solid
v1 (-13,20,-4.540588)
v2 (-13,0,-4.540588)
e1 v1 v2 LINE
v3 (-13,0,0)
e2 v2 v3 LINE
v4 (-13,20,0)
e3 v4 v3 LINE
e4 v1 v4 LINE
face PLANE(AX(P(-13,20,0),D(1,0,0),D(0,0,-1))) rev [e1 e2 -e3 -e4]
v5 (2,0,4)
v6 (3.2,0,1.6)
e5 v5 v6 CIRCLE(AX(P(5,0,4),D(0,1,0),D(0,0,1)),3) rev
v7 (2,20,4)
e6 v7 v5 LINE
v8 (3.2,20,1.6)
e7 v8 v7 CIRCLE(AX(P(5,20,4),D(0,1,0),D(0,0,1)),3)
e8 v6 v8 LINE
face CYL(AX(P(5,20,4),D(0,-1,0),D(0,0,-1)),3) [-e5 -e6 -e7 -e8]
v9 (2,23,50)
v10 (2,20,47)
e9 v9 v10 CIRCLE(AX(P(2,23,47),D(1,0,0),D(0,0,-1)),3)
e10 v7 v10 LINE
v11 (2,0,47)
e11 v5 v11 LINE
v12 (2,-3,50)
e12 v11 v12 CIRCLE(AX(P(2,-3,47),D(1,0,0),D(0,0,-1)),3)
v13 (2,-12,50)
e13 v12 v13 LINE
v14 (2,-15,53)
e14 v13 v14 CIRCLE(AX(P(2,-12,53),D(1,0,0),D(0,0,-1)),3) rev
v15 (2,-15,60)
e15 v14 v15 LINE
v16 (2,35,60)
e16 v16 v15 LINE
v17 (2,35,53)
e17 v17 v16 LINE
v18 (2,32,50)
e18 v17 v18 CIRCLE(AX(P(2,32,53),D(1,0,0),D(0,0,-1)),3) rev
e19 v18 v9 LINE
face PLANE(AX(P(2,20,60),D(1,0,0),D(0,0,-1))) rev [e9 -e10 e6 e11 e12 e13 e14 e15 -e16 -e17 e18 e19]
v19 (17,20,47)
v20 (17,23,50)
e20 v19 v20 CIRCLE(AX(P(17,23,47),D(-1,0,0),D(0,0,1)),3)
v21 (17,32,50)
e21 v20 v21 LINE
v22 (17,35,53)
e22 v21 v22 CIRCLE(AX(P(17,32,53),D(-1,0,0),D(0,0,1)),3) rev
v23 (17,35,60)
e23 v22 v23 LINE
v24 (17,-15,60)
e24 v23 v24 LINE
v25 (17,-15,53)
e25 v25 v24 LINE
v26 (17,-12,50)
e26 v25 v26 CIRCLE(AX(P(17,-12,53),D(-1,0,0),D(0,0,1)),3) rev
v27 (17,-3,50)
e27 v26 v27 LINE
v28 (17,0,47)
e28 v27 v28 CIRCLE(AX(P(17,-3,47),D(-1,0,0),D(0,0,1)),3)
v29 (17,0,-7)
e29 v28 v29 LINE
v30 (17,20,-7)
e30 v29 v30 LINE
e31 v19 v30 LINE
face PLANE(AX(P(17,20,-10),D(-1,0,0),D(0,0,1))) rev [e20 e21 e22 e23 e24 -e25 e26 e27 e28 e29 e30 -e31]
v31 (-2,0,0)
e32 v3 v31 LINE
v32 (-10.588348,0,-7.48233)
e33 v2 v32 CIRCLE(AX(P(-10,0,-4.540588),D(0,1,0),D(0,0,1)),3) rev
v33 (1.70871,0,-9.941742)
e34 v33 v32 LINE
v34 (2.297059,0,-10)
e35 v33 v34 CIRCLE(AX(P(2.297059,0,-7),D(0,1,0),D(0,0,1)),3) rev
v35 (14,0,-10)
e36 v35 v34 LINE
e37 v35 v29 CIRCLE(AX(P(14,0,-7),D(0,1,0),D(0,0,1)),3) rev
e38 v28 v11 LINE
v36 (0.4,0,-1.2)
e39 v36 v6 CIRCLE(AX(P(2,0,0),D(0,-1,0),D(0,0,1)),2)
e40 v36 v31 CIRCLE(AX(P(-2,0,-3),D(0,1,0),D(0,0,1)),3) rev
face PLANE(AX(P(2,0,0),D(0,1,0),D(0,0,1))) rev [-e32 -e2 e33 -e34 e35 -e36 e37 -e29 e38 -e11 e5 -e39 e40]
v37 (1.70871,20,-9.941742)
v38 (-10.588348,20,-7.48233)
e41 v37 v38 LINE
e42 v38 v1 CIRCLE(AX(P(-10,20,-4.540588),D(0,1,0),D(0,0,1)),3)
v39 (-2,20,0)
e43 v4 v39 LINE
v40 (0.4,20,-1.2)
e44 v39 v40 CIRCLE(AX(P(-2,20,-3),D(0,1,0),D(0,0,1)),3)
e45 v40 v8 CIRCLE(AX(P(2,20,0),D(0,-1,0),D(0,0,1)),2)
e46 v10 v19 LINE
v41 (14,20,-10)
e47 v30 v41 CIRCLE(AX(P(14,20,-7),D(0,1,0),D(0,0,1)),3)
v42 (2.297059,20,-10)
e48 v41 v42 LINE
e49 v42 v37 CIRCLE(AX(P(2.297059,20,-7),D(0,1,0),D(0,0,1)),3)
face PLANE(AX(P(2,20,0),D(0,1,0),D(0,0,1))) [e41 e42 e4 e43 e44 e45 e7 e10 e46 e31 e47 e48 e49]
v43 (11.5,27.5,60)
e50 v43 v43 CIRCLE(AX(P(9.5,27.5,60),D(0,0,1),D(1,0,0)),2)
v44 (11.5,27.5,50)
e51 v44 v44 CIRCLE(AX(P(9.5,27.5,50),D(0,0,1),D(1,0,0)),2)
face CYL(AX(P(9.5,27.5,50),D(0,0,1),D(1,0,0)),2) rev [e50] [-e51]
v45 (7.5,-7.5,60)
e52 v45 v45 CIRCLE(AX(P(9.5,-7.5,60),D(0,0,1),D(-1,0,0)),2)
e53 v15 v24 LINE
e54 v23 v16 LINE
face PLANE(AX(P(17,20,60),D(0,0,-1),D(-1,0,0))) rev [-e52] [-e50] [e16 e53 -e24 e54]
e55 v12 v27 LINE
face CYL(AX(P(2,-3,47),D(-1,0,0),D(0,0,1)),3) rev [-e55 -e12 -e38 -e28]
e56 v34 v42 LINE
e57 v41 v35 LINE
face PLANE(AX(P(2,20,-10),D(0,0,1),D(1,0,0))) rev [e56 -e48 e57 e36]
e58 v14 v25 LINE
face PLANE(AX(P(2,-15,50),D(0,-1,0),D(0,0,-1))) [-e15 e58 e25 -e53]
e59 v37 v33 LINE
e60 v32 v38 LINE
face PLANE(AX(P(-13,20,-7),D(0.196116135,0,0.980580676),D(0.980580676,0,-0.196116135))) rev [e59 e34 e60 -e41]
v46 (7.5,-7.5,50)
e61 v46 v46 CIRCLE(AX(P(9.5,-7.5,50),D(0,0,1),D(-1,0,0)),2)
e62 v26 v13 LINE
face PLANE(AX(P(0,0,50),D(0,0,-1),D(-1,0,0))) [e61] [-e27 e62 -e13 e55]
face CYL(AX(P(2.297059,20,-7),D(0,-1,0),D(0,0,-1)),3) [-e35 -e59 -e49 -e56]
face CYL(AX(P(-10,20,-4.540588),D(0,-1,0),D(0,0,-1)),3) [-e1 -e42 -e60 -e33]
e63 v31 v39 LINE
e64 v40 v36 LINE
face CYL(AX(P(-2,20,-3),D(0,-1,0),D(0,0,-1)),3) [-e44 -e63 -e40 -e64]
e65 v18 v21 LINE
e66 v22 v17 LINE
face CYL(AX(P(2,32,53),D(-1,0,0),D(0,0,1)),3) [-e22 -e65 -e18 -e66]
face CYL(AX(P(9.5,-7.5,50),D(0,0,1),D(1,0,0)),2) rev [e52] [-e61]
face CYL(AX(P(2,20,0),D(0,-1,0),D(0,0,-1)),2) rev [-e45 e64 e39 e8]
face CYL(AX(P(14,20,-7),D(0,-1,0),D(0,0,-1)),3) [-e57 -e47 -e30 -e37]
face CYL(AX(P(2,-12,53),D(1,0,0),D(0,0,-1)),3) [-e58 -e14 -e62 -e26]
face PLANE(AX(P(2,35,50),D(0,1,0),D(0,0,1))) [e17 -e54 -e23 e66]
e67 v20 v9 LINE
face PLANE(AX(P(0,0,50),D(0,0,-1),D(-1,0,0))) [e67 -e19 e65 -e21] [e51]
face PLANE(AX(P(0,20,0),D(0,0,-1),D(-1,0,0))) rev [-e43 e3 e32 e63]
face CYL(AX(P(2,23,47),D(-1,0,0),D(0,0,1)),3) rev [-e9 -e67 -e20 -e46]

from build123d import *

# Parameters (mm, degrees)
BOSS_EXTRUDE1_DEPTH = 20
SKETCH2_W           = 15
SKETCH2_H           = 15
SKETCH2_R           = 2
BOSS_EXTRUDE2_DEPTH = 10
FILLET1_R           = 3


with BuildPart() as part:
    # Sketch1 → Boss-Extrude1 (new body)
    with BuildSketch(Plane(origin=(0, 0, 0), x_dir=(1, 0, 0), z_dir=(0, 1, 0))):
        with BuildLine():
            Line((0, 0), (-13, 0))
            Line((-13, 0), (-13, 7))
            Line((-13, 7), (2, 10))
            Line((2, 10), (17, 10))
            Line((17, 10), (17, -60))
            Line((17, -60), (2, -60))
            Line((2, -60), (2, -2))
            ThreePointArc((2, -2), (3.414213562, 1.414213562), (0, 0))
        make_face()
    extrude(amount=BOSS_EXTRUDE1_DEPTH)

    # Sketch2 → Boss-Extrude2 (add)
    with BuildSketch(Plane.XY.offset(60)):
        with Locations((9.5, 27.5)):
            Rectangle(SKETCH2_W, SKETCH2_H)
        with Locations((9.5, 27.5)):
            Circle(SKETCH2_R, mode=Mode.SUBTRACT)
        with Locations((9.5, -7.5)):
            Rectangle(SKETCH2_W, SKETCH2_H)
        with Locations((9.5, -7.5)):
            Circle(SKETCH2_R, mode=Mode.SUBTRACT)
    extrude(amount=-BOSS_EXTRUDE2_DEPTH)

    # Fillet1
    fillet1_edges = [part.edges().sort_by_distance(p)[0] for p in [
        (0, 10, 0),
        (-13, 10, -7),
        (2, 10, -10),
        (17, 10, -10),
        (2, 10, 2),
        (9.5, 35, 50),
        (9.5, 20, 50),
        (9.5, 0, 50),
        (9.5, -15, 50),
    ]]
    fillet(fillet1_edges, radius=FILLET1_R)


solid = part.part
